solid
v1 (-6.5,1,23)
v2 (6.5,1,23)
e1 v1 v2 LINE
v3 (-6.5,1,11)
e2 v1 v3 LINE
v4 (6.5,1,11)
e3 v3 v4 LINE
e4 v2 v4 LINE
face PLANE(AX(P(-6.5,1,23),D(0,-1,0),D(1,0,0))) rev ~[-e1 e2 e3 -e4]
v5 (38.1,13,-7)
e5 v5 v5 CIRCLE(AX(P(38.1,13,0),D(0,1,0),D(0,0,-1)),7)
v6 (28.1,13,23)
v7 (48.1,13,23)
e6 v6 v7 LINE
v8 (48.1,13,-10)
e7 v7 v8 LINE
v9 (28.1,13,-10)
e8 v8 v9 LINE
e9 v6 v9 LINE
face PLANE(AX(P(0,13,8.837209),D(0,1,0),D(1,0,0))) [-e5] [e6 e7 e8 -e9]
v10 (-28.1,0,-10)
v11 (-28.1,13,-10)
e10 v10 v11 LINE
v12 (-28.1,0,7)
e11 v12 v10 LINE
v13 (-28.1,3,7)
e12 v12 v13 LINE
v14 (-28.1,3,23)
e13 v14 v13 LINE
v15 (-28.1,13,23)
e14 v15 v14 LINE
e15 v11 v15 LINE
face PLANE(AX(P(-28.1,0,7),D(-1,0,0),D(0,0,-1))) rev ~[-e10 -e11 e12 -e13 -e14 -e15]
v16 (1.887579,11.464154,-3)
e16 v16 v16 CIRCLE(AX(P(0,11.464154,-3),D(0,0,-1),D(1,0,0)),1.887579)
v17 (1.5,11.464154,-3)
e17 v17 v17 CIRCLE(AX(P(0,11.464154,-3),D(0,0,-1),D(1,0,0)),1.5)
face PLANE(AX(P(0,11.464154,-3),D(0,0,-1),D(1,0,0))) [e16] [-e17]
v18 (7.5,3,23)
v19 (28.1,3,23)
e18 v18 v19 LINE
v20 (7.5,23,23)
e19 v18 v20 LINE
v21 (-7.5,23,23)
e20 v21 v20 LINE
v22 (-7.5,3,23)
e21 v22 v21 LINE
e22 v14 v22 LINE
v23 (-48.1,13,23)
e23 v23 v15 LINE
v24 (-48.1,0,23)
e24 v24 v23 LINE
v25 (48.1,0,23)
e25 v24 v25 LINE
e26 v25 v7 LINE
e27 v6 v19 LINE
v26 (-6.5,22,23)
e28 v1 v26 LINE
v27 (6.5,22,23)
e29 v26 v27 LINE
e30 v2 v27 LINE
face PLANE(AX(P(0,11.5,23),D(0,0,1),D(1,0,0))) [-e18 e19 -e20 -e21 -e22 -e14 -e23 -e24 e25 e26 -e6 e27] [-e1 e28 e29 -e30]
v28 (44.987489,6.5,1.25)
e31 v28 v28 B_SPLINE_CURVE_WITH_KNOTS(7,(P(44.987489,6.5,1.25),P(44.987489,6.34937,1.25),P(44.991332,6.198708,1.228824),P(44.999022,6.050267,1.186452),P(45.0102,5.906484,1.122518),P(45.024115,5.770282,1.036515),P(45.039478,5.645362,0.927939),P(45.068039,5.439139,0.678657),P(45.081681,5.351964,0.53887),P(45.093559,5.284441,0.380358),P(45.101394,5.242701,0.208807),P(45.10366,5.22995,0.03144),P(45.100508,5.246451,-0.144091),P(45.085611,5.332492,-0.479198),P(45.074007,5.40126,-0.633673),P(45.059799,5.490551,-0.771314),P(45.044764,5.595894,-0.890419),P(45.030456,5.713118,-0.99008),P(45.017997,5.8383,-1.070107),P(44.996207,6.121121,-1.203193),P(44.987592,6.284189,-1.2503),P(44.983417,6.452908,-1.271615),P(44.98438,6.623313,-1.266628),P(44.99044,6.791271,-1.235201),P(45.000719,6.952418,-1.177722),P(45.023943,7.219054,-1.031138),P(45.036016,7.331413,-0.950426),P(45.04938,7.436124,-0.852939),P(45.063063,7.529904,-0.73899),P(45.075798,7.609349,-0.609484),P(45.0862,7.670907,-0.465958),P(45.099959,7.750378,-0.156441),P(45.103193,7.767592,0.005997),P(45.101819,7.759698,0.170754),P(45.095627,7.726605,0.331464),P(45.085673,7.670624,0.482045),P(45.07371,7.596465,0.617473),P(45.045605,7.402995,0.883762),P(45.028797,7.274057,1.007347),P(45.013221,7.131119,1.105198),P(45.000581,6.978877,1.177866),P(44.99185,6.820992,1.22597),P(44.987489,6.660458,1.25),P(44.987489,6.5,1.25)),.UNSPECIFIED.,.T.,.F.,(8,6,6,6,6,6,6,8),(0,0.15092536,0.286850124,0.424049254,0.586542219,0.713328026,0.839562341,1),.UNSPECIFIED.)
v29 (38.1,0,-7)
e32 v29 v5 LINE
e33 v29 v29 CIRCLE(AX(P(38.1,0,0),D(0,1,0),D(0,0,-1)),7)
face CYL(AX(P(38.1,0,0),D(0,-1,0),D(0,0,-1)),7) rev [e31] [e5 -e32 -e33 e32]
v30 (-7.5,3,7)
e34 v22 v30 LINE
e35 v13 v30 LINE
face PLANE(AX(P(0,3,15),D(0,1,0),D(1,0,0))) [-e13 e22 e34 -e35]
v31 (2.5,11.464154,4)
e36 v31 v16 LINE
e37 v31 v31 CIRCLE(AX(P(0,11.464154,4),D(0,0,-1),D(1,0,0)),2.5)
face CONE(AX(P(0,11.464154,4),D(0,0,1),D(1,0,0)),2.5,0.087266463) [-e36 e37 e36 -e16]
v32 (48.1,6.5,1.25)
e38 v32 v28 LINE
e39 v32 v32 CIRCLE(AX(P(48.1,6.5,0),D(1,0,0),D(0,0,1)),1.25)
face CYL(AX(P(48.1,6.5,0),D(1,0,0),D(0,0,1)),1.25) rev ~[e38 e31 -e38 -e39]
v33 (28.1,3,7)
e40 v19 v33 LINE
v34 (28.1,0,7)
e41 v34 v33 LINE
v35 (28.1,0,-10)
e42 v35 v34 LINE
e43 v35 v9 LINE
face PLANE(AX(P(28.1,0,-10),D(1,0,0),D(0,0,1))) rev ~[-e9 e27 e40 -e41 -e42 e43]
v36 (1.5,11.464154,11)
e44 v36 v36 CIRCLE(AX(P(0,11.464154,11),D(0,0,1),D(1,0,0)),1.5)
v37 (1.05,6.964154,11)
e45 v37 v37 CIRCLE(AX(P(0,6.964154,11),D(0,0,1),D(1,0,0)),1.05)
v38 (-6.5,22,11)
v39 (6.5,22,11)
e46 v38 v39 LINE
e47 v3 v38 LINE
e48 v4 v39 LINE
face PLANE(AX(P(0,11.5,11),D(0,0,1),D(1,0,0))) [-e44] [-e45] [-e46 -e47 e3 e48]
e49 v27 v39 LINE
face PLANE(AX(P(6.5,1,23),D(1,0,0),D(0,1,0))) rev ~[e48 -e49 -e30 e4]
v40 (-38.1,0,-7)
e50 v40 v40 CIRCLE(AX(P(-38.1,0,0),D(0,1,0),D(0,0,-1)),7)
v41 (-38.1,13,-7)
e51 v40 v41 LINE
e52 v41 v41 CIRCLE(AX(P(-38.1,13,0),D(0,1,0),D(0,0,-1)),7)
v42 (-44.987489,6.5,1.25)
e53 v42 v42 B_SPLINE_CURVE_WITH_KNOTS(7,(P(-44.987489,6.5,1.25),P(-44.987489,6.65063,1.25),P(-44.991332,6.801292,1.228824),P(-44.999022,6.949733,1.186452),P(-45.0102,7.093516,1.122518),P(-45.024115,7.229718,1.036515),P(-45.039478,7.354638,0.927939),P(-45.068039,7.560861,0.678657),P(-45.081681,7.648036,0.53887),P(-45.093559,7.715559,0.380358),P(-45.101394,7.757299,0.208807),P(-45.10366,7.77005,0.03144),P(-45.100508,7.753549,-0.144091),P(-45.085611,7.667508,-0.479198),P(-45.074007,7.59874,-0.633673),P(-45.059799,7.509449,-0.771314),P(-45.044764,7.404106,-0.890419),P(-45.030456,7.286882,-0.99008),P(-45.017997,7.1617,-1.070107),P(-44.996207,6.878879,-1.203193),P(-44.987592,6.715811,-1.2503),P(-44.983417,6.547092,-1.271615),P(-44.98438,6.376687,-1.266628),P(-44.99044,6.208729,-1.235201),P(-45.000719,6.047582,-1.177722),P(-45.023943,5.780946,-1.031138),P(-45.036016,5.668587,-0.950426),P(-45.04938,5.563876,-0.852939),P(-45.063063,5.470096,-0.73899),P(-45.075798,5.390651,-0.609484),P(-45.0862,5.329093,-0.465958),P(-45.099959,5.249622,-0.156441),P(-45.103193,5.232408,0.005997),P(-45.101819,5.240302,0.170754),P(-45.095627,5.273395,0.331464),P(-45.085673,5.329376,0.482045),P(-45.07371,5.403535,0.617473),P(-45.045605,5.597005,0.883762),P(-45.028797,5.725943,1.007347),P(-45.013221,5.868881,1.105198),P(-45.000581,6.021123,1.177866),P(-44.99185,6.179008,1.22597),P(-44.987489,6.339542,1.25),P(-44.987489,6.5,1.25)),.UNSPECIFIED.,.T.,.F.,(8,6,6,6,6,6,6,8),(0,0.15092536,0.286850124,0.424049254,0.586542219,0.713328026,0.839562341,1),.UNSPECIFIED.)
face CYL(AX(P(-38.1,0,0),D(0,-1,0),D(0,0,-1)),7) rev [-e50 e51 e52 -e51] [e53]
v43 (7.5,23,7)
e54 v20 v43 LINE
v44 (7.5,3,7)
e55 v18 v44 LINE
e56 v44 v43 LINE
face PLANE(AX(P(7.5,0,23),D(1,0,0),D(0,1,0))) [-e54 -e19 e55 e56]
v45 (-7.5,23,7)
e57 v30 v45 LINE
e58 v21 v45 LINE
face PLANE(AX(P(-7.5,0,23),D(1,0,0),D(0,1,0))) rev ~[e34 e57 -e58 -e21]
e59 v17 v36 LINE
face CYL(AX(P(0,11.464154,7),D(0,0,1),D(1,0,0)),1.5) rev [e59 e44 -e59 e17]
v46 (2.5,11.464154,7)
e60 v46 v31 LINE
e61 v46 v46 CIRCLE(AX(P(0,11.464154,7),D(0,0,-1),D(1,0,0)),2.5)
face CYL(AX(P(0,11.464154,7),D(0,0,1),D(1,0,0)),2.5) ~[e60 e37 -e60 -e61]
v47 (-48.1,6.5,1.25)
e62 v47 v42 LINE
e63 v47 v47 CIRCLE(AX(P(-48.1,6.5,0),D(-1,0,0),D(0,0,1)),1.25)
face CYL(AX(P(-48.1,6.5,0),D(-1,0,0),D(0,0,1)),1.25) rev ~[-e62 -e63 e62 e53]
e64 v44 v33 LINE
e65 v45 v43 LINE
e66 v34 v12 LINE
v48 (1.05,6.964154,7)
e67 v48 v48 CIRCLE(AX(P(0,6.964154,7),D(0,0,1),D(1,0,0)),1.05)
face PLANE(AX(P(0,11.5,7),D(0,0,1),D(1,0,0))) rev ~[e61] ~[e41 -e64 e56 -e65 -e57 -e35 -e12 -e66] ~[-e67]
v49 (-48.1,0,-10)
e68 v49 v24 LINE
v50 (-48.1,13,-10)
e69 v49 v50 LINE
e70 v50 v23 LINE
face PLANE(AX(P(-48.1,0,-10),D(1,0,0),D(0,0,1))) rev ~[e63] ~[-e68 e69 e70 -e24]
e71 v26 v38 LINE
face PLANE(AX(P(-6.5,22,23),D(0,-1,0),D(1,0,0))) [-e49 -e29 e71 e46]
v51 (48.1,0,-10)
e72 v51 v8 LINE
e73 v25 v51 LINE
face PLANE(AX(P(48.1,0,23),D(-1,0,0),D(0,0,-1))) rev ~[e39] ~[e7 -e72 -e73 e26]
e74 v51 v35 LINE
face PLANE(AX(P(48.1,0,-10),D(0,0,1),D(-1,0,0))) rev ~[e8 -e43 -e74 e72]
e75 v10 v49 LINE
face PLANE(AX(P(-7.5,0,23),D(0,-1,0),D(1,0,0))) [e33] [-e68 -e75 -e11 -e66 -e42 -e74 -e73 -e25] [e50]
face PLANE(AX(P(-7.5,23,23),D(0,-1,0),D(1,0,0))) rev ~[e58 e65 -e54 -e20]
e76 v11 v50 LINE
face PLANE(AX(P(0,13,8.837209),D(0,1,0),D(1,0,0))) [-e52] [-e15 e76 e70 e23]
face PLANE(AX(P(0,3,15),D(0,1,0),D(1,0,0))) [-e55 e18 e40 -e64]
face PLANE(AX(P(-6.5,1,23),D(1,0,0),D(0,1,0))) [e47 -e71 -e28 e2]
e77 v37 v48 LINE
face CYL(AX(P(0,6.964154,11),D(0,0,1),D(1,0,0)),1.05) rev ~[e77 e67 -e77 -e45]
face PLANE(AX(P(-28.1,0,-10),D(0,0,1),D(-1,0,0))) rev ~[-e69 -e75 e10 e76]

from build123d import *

# Parameters (mm, degrees)
SKETCH1_R               = 7
BOSS_EXTRUDE1_DEPTH     = 13
SKETCH2_W               = 56.2
SKETCH2_H               = 16
CUT_EXTRUDE1_DEPTH      = 10
CUT_EXTRUDE2_REACH      = 56.246
SKETCH3_W               = 15
SKETCH3_H               = 16
SKETCH4_W               = 15
SKETCH4_H               = 23
BOSS_EXTRUDE2_DEPTH     = 16
SKETCH5_W               = 13
SKETCH5_H               = 21
CUT_EXTRUDE3_DEPTH      = 12
CUT_EXTRUDE4_REACH      = 59.303
SKETCH6_R               = 1.5
SKETCH6_R_2             = 1.05
SKETCH7_R               = 2.5
SKETCH7_R_2             = 1.5
BOSS_EXTRUDE3_DEPTH     = 10
CHAMFER1_SIZE           = 7
CHAMFER1_SIZE2          = 0.612420645
CUT_EXTRUDE5_REACH      = 103.55
CUT_EXTRUDE5_END_RADIUS = 7
SKETCH8_R               = 1.25
CUT_EXTRUDE6_REACH      = 103.55
CUT_EXTRUDE6_END_RADIUS = 7
SKETCH9_R               = 1.25


with BuildPart() as part:
    # Sketch1 → Boss-Extrude1 (new body)
    with BuildSketch(Plane(origin=(0, 0, 0), x_dir=(1, 0, 0), z_dir=(0, 1, 0))):
        Polygon((-28.1, -7), (-28.1, 10), (-48.1, 10), (-48.1, -23), (-28.1, -23), (28.1, -23), (48.1, -23), (48.1, 10), (28.1, 10), (28.1, -7), align=None)
        with Locations(Location((-38.1, 0, 0), (0, 0, 90))):
            Circle(SKETCH1_R, mode=Mode.SUBTRACT)
        with Locations(Location((38.1, 0, 0), (0, 0, 90))):
            Circle(SKETCH1_R, mode=Mode.SUBTRACT)
    extrude(amount=BOSS_EXTRUDE1_DEPTH)

    # Sketch2 → Cut-Extrude1 (cut)
    with BuildSketch(Plane(origin=(0, 13, 0), x_dir=(1, 0, 0), z_dir=(0, 1, 0))):
        with Locations((0, -15)):
            Rectangle(SKETCH2_W, SKETCH2_H)
    extrude(amount=-CUT_EXTRUDE1_DEPTH, mode=Mode.SUBTRACT)

    # Sketch3 → Cut-Extrude2 (cut, up to next)
    with BuildSketch(Plane(origin=(0, 3, 0), x_dir=(1, 0, 0), z_dir=(0, 1, 0)), mode=Mode.PRIVATE) as cut_extrude2_sk1:
        with Locations((0, -15)):
            Rectangle(SKETCH3_W, SKETCH3_H)
    cut_extrude2_tool1 = extrude(cut_extrude2_sk1.sketch, amount=-CUT_EXTRUDE2_REACH, mode=Mode.PRIVATE) & part.part
    add(cut_extrude2_tool1.solids().sort_by_distance((0, 3, 15))[0], mode=Mode.SUBTRACT)


with BuildPart() as cut_extrude2_piece_1:
    # of the separate pieces the step leaves, piece 1, a body of its own (cut_extrude2_pieces)
    add(part.part.solids().sort_by_distance((28.1, 0, 7))[0])



with BuildPart() as cut_extrude2_piece_2:
    # of the separate pieces the step leaves, piece 2, a body of its own (cut_extrude2_pieces)
    add(part.part.solids().sort_by_distance((-28.1, 0, 7))[0])


with BuildPart() as cut_extrude2_piece_1_1:
    add(cut_extrude2_piece_1.part)

    add(cut_extrude2_piece_2.part)  # Boss-Extrude2 merges Cut-Extrude2 piece 2
    # Sketch4 → Boss-Extrude2 (add)
    with BuildSketch(Plane.XY.offset(23)):
        with Locations((0, 11.5)):
            Rectangle(SKETCH4_W, SKETCH4_H)
    extrude(amount=-BOSS_EXTRUDE2_DEPTH)

    # Sketch5 → Cut-Extrude3 (cut)
    with BuildSketch(Plane.XY.offset(23)):
        with Locations((0, 11.5)):
            Rectangle(SKETCH5_W, SKETCH5_H)
    extrude(amount=-CUT_EXTRUDE3_DEPTH, mode=Mode.SUBTRACT)

    # Sketch6 → Cut-Extrude4 (cut, up to next)
    with BuildSketch(Plane.XY.offset(11), mode=Mode.PRIVATE) as cut_extrude4_sk1:
        with Locations((0, 11.464154045)):
            Circle(SKETCH6_R)
    cut_extrude4_tool1 = extrude(cut_extrude4_sk1.sketch, amount=-CUT_EXTRUDE4_REACH, mode=Mode.PRIVATE) & cut_extrude2_piece_1_1.part
    # Sketch6 → Cut-Extrude4 (cut, up to next)
    with BuildSketch(Plane.XY.offset(11), mode=Mode.PRIVATE) as cut_extrude4_sk2:
        with Locations((0, 6.964154045)):
            Circle(SKETCH6_R_2)
    cut_extrude4_tool2 = extrude(cut_extrude4_sk2.sketch, amount=-CUT_EXTRUDE4_REACH, mode=Mode.PRIVATE) & cut_extrude2_piece_1_1.part
    add(cut_extrude4_tool1.solids().sort_by_distance((0, 11.464154, 11))[0], mode=Mode.SUBTRACT)
    add(cut_extrude4_tool2.solids().sort_by_distance((0, 6.964154, 11))[0], mode=Mode.SUBTRACT)

    # Sketch7 → Boss-Extrude3 (add)
    with BuildSketch(Plane(origin=(0, 0, 7), x_dir=(-1, 0, 0), z_dir=(0, 0, -1))):
        with Locations(Location((0, 11.464154045, 0), (0, 0, 180))):
            Circle(SKETCH7_R)
        with Locations(Location((0, 11.464154045, 0), (0, 0, 180))):
            Circle(SKETCH7_R_2, mode=Mode.SUBTRACT)
    extrude(amount=BOSS_EXTRUDE3_DEPTH)

    # Chamfer1
    chamfer1_edges = [cut_extrude2_piece_1_1.edges().sort_by_distance(p)[0] for p in [
        (-2.5, 11.464154045, -3),
    ]]
    chamfer1_side = [cut_extrude2_piece_1_1.faces().sort_by_distance(p)[0] for p in [
        (-2.5, 11.464154045, 2),
    ]]
    chamfer(chamfer1_edges, length=CHAMFER1_SIZE, length2=CHAMFER1_SIZE2, reference=chamfer1_side[0])

    # Cut-Extrude5: up to this cylinder (the profile starts outside it)
    cut_extrude5_end = Plane(origin=(-38.1, 6.5, 0), z_dir=(0, -1, 0)) * Cylinder(CUT_EXTRUDE5_END_RADIUS, 222.1, mode=Mode.PRIVATE)
    # Sketch8 → Cut-Extrude5 (cut, up to the surface)
    with BuildSketch(Plane.ZY.offset(48.1), mode=Mode.PRIVATE) as cut_extrude5_sk1:
        with Locations((0, 6.5)):
            Circle(SKETCH8_R)
    cut_extrude5_tool1 = extrude(cut_extrude5_sk1.sketch, amount=-CUT_EXTRUDE5_REACH, mode=Mode.PRIVATE) - cut_extrude5_end
    add(cut_extrude5_tool1.solids().sort_by_distance((-48.1, 6.5, 0))[0], mode=Mode.SUBTRACT)

    # Cut-Extrude6: up to this cylinder (the profile starts outside it)
    cut_extrude6_end = Plane(origin=(38.1, 6.5, 0), z_dir=(0, -1, 0)) * Cylinder(CUT_EXTRUDE6_END_RADIUS, 222.1, mode=Mode.PRIVATE)
    # Sketch9 → Cut-Extrude6 (cut, up to the surface)
    with BuildSketch(Plane(origin=(48.1, 0, 0), x_dir=(0, 0, -1), z_dir=(1, 0, 0)), mode=Mode.PRIVATE) as cut_extrude6_sk1:
        with Locations(Location((0, 6.5, 0), (0, 0, 180))):
            Circle(SKETCH9_R)
    cut_extrude6_tool1 = extrude(cut_extrude6_sk1.sketch, amount=-CUT_EXTRUDE6_REACH, mode=Mode.PRIVATE) - cut_extrude6_end
    add(cut_extrude6_tool1.solids().sort_by_distance((48.1, 6.5, 0))[0], mode=Mode.SUBTRACT)


solid = cut_extrude2_piece_1_1.part
